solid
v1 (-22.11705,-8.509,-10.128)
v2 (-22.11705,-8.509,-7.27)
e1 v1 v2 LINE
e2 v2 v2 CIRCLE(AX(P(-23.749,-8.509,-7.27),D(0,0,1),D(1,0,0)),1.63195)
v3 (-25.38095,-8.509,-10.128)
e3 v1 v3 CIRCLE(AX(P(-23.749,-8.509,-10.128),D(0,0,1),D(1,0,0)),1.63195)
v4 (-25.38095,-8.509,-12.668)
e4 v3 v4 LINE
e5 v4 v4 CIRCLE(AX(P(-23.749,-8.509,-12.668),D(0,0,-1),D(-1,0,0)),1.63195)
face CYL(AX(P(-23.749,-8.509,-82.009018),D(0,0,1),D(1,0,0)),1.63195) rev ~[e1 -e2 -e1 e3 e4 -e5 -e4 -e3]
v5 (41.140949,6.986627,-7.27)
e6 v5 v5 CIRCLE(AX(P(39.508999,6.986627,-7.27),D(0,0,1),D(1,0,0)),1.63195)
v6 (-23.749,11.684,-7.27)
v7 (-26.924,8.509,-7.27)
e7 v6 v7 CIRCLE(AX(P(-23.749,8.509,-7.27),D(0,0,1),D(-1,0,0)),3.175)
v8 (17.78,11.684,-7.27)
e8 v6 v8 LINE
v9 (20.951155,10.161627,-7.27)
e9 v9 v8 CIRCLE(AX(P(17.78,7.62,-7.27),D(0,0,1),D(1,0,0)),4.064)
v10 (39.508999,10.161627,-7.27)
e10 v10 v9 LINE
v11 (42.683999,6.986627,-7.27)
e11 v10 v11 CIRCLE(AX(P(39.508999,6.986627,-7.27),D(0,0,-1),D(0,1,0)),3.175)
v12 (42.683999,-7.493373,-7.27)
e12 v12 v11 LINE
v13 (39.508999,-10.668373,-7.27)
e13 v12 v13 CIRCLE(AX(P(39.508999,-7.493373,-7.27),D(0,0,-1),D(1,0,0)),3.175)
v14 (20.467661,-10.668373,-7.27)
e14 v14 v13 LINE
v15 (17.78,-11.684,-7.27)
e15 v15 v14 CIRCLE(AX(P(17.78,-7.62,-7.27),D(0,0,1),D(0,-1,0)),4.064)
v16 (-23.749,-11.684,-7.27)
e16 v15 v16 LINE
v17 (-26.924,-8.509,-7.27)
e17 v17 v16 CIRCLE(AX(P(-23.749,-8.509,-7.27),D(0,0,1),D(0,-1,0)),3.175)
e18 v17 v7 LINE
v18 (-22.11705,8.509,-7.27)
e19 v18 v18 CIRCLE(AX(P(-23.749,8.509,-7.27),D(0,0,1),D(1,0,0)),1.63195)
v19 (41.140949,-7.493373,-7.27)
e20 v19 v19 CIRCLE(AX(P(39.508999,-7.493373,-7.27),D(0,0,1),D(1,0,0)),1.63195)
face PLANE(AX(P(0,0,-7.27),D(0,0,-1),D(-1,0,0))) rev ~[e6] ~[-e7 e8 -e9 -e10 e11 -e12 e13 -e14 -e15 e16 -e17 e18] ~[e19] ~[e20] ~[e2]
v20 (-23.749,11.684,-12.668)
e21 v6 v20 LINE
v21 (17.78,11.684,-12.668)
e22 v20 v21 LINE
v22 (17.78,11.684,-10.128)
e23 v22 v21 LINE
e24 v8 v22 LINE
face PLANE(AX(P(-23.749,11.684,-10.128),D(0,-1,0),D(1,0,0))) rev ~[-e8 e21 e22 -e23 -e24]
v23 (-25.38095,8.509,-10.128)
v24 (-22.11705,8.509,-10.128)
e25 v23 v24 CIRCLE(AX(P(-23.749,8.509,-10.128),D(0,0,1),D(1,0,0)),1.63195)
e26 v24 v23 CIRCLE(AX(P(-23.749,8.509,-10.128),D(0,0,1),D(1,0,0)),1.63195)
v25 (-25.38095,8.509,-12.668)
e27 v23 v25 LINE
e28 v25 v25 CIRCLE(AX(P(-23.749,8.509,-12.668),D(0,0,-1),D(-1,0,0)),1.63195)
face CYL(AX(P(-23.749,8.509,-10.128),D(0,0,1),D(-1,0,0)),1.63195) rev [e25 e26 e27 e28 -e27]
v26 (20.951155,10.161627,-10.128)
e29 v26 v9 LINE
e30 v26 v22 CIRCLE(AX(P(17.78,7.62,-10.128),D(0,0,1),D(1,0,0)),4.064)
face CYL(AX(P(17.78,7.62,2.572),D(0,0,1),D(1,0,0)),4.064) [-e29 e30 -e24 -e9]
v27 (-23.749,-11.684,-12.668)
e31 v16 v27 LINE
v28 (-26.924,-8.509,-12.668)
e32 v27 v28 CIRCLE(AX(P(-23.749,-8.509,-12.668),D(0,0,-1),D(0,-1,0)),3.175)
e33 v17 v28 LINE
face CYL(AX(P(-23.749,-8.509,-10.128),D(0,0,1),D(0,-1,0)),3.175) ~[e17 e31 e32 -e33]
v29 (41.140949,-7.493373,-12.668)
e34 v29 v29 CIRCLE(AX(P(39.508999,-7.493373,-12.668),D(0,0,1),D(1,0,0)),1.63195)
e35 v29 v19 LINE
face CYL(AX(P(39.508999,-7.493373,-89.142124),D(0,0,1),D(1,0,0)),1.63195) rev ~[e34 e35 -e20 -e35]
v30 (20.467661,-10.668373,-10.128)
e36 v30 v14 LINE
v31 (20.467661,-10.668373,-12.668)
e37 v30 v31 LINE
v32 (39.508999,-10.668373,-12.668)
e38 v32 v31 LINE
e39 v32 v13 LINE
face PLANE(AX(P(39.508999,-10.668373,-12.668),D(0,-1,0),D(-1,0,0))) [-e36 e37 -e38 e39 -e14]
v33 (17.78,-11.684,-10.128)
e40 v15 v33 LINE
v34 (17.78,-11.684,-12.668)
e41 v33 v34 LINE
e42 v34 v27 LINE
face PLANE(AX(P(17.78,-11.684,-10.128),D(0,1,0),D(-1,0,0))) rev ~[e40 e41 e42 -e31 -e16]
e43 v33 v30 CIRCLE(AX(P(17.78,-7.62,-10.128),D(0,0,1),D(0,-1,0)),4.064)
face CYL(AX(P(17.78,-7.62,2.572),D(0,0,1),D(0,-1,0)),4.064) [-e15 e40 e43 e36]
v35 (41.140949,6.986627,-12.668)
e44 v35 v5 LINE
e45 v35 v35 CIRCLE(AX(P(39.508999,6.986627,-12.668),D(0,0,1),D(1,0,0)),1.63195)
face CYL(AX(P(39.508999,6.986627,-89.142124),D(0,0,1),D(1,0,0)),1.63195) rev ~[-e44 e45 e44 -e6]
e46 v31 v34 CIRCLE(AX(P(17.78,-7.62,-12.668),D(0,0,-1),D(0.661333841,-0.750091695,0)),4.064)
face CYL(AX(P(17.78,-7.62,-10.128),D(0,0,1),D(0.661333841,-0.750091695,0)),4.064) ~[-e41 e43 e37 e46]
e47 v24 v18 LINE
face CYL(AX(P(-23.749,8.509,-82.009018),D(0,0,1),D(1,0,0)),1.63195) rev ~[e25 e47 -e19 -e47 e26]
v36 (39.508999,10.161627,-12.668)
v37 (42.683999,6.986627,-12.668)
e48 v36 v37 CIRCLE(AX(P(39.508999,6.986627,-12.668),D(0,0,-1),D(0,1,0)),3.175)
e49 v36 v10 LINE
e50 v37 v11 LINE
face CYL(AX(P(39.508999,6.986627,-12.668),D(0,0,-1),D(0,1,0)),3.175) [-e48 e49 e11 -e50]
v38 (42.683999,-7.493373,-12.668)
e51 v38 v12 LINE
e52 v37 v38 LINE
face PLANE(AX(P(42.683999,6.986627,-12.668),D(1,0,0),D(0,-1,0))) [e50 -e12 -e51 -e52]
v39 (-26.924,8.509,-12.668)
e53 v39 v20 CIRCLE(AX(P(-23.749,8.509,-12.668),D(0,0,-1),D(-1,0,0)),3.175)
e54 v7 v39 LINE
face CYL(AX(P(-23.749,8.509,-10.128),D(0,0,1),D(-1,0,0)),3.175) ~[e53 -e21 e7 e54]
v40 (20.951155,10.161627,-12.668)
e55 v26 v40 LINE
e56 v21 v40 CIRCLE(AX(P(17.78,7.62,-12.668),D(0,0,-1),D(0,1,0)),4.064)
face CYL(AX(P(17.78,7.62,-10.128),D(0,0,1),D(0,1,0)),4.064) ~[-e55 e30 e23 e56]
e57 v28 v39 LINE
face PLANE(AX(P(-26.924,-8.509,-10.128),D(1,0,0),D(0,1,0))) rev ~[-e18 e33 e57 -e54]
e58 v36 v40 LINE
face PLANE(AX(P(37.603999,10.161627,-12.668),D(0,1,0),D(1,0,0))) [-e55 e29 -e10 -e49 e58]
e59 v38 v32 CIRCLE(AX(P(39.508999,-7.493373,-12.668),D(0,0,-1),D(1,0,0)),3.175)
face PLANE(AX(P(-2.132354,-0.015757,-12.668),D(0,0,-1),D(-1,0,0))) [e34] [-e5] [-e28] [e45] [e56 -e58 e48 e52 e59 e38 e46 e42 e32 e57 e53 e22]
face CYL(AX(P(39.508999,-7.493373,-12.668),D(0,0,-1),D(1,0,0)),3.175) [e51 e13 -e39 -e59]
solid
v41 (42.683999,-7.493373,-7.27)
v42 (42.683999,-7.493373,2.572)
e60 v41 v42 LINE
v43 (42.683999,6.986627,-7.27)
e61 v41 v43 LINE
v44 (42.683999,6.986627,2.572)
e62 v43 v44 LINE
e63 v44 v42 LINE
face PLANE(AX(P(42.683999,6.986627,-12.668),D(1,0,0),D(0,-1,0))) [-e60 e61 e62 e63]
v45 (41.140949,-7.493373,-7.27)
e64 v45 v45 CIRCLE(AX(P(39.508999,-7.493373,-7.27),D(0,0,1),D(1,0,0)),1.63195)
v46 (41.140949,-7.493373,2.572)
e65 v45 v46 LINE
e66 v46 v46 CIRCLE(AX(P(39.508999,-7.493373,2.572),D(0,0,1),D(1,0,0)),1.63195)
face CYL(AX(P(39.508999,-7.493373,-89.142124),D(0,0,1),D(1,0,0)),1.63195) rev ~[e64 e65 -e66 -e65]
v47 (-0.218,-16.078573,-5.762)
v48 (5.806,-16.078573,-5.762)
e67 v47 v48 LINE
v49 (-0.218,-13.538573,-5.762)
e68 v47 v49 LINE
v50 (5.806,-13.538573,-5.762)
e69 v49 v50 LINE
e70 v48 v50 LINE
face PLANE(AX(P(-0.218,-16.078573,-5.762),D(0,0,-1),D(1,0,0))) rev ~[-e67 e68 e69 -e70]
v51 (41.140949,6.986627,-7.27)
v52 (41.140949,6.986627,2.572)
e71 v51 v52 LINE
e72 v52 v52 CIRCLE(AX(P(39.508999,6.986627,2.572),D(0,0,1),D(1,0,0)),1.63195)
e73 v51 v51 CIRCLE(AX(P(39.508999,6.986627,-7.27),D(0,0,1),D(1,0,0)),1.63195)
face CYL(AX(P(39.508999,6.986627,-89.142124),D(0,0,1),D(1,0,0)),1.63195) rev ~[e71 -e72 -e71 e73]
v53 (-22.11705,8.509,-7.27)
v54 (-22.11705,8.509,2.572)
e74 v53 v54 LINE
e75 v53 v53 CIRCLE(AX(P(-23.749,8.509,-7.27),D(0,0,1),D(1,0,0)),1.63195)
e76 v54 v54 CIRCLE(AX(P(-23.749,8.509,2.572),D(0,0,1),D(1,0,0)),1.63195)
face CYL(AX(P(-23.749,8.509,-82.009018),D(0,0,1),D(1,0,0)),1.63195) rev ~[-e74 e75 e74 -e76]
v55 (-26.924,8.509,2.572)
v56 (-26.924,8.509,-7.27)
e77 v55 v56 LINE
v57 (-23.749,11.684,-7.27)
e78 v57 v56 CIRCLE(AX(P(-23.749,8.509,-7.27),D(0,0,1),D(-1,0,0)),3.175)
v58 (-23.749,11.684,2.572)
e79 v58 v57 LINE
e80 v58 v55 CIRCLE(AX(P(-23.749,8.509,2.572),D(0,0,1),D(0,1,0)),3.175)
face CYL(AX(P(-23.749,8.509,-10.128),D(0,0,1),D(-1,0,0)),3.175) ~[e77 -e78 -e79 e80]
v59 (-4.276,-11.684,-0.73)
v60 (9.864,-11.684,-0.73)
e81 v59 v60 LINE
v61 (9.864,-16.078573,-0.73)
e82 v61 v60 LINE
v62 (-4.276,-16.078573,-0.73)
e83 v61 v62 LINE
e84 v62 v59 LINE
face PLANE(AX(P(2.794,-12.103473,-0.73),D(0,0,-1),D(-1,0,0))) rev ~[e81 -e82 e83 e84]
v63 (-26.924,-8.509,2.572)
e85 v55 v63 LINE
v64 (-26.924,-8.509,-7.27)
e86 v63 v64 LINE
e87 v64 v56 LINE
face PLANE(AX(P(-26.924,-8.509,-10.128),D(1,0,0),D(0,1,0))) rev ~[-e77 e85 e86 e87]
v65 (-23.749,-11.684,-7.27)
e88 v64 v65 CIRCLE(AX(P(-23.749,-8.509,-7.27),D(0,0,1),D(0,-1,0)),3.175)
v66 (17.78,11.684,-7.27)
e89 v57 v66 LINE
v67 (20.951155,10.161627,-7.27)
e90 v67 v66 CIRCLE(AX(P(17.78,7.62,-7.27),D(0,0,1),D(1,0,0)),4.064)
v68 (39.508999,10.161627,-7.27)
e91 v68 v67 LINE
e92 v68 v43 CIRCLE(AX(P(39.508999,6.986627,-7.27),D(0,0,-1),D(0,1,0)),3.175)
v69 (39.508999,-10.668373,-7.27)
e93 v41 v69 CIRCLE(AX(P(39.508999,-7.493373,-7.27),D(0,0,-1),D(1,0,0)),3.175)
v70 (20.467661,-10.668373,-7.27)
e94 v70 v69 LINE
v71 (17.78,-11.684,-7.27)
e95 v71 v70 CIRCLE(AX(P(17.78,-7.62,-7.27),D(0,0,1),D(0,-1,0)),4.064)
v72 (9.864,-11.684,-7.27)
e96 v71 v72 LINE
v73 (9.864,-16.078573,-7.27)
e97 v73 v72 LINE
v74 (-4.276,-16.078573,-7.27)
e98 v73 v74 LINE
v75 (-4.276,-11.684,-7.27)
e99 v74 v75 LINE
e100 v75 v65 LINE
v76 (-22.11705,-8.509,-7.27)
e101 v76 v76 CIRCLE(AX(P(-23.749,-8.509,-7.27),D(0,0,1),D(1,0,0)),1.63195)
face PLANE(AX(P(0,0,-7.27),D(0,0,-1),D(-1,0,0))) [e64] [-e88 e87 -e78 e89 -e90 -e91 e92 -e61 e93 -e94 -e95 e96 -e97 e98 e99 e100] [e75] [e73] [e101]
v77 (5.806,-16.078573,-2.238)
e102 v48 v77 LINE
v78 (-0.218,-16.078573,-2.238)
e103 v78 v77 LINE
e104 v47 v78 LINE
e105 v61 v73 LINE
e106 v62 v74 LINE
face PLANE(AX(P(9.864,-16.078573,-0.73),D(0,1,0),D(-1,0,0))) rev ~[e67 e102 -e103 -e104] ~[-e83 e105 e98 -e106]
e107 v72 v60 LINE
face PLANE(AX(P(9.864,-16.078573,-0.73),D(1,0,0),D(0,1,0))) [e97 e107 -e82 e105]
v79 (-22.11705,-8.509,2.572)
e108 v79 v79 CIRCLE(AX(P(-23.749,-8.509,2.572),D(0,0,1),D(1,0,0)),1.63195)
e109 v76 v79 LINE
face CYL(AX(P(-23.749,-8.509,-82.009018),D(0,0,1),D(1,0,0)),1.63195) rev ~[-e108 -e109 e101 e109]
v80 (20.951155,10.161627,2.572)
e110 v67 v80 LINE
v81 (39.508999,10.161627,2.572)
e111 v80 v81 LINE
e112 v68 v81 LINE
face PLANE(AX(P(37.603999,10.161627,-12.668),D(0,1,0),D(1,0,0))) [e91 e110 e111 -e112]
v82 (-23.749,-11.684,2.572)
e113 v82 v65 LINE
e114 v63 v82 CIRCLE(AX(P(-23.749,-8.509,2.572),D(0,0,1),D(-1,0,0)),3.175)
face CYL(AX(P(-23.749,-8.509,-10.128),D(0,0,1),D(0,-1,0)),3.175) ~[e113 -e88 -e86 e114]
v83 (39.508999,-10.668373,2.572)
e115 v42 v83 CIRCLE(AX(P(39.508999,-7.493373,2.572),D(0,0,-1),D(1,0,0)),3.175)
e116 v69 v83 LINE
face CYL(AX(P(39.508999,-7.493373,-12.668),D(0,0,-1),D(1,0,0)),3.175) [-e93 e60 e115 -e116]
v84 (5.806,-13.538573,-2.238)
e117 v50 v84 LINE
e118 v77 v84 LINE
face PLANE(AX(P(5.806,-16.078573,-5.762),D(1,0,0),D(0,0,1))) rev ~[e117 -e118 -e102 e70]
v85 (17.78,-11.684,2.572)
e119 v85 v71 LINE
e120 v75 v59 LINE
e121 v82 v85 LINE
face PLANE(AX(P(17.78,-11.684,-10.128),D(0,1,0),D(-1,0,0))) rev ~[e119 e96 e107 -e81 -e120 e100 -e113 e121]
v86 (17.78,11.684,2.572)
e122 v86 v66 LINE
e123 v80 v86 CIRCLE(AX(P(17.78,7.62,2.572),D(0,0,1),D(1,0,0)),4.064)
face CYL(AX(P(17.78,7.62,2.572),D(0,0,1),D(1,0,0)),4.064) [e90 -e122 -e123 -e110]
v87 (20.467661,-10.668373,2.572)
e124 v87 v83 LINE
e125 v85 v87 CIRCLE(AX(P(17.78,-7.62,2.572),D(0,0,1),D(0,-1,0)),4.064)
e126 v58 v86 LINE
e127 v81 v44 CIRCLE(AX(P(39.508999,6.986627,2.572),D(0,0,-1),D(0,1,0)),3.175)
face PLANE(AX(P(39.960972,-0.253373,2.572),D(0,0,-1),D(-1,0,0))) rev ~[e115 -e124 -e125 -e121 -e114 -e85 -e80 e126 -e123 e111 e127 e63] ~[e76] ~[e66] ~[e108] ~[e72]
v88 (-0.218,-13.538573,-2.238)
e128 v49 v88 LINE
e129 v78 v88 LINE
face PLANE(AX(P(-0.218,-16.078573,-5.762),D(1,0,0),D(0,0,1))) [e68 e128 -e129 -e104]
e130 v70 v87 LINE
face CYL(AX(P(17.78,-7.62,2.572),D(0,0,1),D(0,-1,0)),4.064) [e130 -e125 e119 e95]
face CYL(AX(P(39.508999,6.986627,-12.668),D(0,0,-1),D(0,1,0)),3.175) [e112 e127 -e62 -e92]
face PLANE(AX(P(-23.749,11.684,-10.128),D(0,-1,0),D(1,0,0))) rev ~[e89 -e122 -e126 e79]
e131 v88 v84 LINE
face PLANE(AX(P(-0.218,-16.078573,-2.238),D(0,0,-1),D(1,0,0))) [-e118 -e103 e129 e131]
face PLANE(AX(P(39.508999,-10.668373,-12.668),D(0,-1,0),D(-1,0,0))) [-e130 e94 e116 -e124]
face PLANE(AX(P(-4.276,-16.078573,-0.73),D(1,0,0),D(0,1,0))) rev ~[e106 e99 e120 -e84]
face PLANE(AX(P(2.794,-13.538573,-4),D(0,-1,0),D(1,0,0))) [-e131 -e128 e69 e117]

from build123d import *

# Parameters (mm, degrees)
BOSS_EXTRUDE1_START             = 0.508
BOSS_EXTRUDE1_DEPTH             = 12.7
BOSS_EXTRUDE2_DEPTH             = 3.27
BOSS_EXTRUDE2_DEPTH_BACK        = 3.27
SKETCH2_W                       = 14.14
SKETCH2_H                       = 7.9502
SKETCH3_W                       = 36.079999008
SKETCH3_H                       = 20.829999962
BOSS_EXTRUDE3_DEPTH             = 2.54
BOSS_EXTRUDE3_DIRECTION_2_REACH = 31.949
SKETCH7_W                       = 6.024
SKETCH7_H                       = 3.524
CUT_EXTRUDE1_DEPTH              = 2.54
BOSS_EXTRUDE5_DEPTH             = 12.7
F_4_CLEARANCE_HOLE4_D           = 3.2639
BOSS_EXTRUDE6_DEPTH             = 15.24
F_4_CLEARANCE_HOLE5_D           = 3.2639
SKETCH17_R                      = 1.63195
BOSS_EXTRUDE8_DEPTH             = 2.54


with BuildPart() as part:
    # Sketch1 → Boss-Extrude1 (new body)
    with BuildSketch(Plane.XY.offset(2.064).offset(BOSS_EXTRUDE1_START)):
        with BuildLine():
            Line((-21.844, 7.62), (-21.844, -7.62))
            ThreePointArc((-21.844, -7.62), (-20.653681959, -10.493681959), (-17.78, -11.684))
            Line((-17.78, -11.684), (17.78, -11.684))
            ThreePointArc((17.78, -11.684), (20.653681959, -10.493681959), (21.844, -7.62))
            Line((21.844, -7.62), (21.844, 7.62))
            ThreePointArc((21.844, 7.62), (20.653681959, 10.493681959), (17.78, 11.684))
            Line((17.78, 11.684), (-17.78, 11.684))
            ThreePointArc((-17.78, 11.684), (-20.653681959, 10.493681959), (-21.844, 7.62))
        make_face()
    extrude(amount=-BOSS_EXTRUDE1_DEPTH)

    # Sketch2 → Boss-Extrude2 (add, two sides: drawn at the far end of the back side and taken through both)
    with BuildSketch(Plane(origin=(0, 0, -4), x_dir=(-1, 0, 0), z_dir=(0, 0, -1)).offset(-BOSS_EXTRUDE2_DEPTH_BACK)):
        with Locations((-2.794, -12.10347265)):
            Rectangle(SKETCH2_W, SKETCH2_H)
    extrude(amount=BOSS_EXTRUDE2_DEPTH + BOSS_EXTRUDE2_DEPTH_BACK)

    # Sketch3 → Boss-Extrude3 (add)
    with BuildSketch(Plane(origin=(0, 0, -10.128), x_dir=(-1, 0, 0), z_dir=(0, 0, -1))):
        with Locations((-19.563999504, -0.253372669)):
            Rectangle(SKETCH3_W, SKETCH3_H)
    extrude(amount=BOSS_EXTRUDE3_DEPTH)

    # Boss-Extrude3 direction 2: up to this face of the body (flat: up to its plane)
    boss_extrude3_direction_2_end = Plane(part.part.faces().sort_by_distance((0, 0, 2.572))[0])
    # Sketch3 → Boss-Extrude3 direction 2 (add, up to the picked face)
    with BuildSketch(Plane(origin=(0, 0, -10.128), x_dir=(-1, 0, 0), z_dir=(0, 0, -1)), mode=Mode.PRIVATE) as boss_extrude3_direction_2_sk1:
        with Locations((-19.563999504, -0.253372669)):
            Rectangle(SKETCH3_W, SKETCH3_H)
    boss_extrude3_direction_2_tool1 = split(extrude(boss_extrude3_direction_2_sk1.sketch, amount=-BOSS_EXTRUDE3_DIRECTION_2_REACH, mode=Mode.PRIVATE), bisect_by=boss_extrude3_direction_2_end, keep=Keep.BOTH, mode=Mode.PRIVATE)
    add(boss_extrude3_direction_2_tool1.solids().sort_by(Axis((19.564, -0.253373, -10.128), (0, 0, 1)))[0])

    # Sketch7 → Cut-Extrude1 (cut)
    with BuildSketch(Plane.XZ.offset(16.07857265)):
        with Locations((2.794, -4)):
            Rectangle(SKETCH7_W, SKETCH7_H)
    extrude(amount=-CUT_EXTRUDE1_DEPTH, mode=Mode.SUBTRACT)

    # Sketch11 → Boss-Extrude5 (add, through all)
    with BuildSketch(Plane(origin=(0, 0, -10.128), x_dir=(-1, 0, 0), z_dir=(0, 0, -1))):
        with BuildLine():
            Line((17.78, 11.684), (23.749, 11.684))
            ThreePointArc((23.749, 11.684), (25.99406403, 10.75406403), (26.924, 8.509))
            Line((26.924, 8.509), (26.924, -8.509))
            ThreePointArc((26.924, -8.509), (25.99406403, -10.75406403), (23.749, -11.684))
            Line((23.749, -11.684), (17.78, -11.684))
            Line((17.78, -11.684), (-17.78, -11.684))
            ThreePointArc((-17.78, -11.684), (-19.216577452, -11.421623499), (-20.467660727, -10.66837265))
            Line((-20.467660727, -10.66837265), (-1.524, -10.66837265))
            Line((-1.524, -10.66837265), (-1.524, 10.161627312))
            Line((-1.524, 10.161627312), (-20.951155406, 10.161627312))
            ThreePointArc((-20.951155406, 10.161627312), (-19.538823841, 11.283691403), (-17.78, 11.684))
            Line((-17.78, 11.684), (17.78, 11.684))
        make_face()
    extrude(amount=-BOSS_EXTRUDE5_DEPTH)

    # #4 Clearance Hole4 (through all)
    with Locations(Plane(origin=(0, 0, -10.128), x_dir=(-1, 0, 0), z_dir=(0, 0, -1))):
        with Locations((23.749, 8.509), (23.749, -8.509)):
            Hole(F_4_CLEARANCE_HOLE4_D / 2)

    # Sketch14 → Boss-Extrude6 (add, through all)
    with BuildSketch(Plane(origin=(0, 0, -12.668), x_dir=(-1, 0, 0), z_dir=(0, 0, -1))):
        with BuildLine():
            Line((-37.603999008, 10.161627312), (-39.508999008, 10.161627312))
            ThreePointArc((-39.508999008, 10.161627312), (-41.754063038, 9.231691342), (-42.683999008, 6.986627312))
            Line((-42.683999008, 6.986627312), (-42.683999008, -7.49337265))
            ThreePointArc((-42.683999008, -7.49337265), (-41.754063038, -9.73843668), (-39.508999008, -10.66837265))
            Line((-39.508999008, -10.66837265), (-37.603999008, -10.66837265))
            Line((-37.603999008, -10.66837265), (-37.603999008, 10.161627312))
        make_face()
    extrude(amount=-BOSS_EXTRUDE6_DEPTH)

    # #4 Clearance Hole5 (through all)
    with Locations(Plane(origin=(0, 0, -12.668), x_dir=(-1, 0, 0), z_dir=(0, 0, -1))):
        with Locations((-39.508999008, 6.986627312), (-39.508999008, -7.49337265)):
            Hole(F_4_CLEARANCE_HOLE5_D / 2)

    # Sketch17 → Boss-Extrude8 (add)
    with BuildSketch(Plane(origin=(0, 0, -10.128), x_dir=(-1, 0, 0), z_dir=(0, 0, -1))):
        with BuildLine():
            Line((-17.78, -11.684), (23.749, -11.684))
            ThreePointArc((23.749, -11.684), (25.99406403, -10.75406403), (26.924, -8.509))
            Line((26.924, -8.509), (26.924, 8.509))
            ThreePointArc((26.924, 8.509), (25.99406403, 10.75406403), (23.749, 11.684))
            Line((23.749, 11.684), (-17.78, 11.684))
            ThreePointArc((-17.78, 11.684), (-19.538823841, 11.283691403), (-20.951155406, 10.161627312))
            Line((-20.951155406, 10.161627312), (-1.524, 10.161627312))
            Line((-1.524, 10.161627312), (-1.524, -10.66837265))
            Line((-1.524, -10.66837265), (-20.467660727, -10.66837265))
            ThreePointArc((-20.467660727, -10.66837265), (-19.216577452, -11.421623499), (-17.78, -11.684))
        make_face()
        with Locations((23.749, 8.509)):
            Circle(SKETCH17_R, mode=Mode.SUBTRACT)
        with Locations((23.749, -8.509)):
            Circle(SKETCH17_R, mode=Mode.SUBTRACT)
    extrude(amount=BOSS_EXTRUDE8_DEPTH)


with BuildPart() as body_2:
    # Split1: the piece on the far side of the plane
    add(part.part)
    split(bisect_by=Plane(origin=(0, 0, -7.27), x_dir=(-1, 0, 0), z_dir=(0, 0, -1)), keep=Keep.BOTTOM)


with BuildPart() as part_1:
    add(part.part)

    # Split1
    split(bisect_by=Plane(origin=(0, 0, -7.27), x_dir=(-1, 0, 0), z_dir=(0, 0, -1)), keep=Keep.TOP)


solid = Compound([body_2.part, part_1.part])
